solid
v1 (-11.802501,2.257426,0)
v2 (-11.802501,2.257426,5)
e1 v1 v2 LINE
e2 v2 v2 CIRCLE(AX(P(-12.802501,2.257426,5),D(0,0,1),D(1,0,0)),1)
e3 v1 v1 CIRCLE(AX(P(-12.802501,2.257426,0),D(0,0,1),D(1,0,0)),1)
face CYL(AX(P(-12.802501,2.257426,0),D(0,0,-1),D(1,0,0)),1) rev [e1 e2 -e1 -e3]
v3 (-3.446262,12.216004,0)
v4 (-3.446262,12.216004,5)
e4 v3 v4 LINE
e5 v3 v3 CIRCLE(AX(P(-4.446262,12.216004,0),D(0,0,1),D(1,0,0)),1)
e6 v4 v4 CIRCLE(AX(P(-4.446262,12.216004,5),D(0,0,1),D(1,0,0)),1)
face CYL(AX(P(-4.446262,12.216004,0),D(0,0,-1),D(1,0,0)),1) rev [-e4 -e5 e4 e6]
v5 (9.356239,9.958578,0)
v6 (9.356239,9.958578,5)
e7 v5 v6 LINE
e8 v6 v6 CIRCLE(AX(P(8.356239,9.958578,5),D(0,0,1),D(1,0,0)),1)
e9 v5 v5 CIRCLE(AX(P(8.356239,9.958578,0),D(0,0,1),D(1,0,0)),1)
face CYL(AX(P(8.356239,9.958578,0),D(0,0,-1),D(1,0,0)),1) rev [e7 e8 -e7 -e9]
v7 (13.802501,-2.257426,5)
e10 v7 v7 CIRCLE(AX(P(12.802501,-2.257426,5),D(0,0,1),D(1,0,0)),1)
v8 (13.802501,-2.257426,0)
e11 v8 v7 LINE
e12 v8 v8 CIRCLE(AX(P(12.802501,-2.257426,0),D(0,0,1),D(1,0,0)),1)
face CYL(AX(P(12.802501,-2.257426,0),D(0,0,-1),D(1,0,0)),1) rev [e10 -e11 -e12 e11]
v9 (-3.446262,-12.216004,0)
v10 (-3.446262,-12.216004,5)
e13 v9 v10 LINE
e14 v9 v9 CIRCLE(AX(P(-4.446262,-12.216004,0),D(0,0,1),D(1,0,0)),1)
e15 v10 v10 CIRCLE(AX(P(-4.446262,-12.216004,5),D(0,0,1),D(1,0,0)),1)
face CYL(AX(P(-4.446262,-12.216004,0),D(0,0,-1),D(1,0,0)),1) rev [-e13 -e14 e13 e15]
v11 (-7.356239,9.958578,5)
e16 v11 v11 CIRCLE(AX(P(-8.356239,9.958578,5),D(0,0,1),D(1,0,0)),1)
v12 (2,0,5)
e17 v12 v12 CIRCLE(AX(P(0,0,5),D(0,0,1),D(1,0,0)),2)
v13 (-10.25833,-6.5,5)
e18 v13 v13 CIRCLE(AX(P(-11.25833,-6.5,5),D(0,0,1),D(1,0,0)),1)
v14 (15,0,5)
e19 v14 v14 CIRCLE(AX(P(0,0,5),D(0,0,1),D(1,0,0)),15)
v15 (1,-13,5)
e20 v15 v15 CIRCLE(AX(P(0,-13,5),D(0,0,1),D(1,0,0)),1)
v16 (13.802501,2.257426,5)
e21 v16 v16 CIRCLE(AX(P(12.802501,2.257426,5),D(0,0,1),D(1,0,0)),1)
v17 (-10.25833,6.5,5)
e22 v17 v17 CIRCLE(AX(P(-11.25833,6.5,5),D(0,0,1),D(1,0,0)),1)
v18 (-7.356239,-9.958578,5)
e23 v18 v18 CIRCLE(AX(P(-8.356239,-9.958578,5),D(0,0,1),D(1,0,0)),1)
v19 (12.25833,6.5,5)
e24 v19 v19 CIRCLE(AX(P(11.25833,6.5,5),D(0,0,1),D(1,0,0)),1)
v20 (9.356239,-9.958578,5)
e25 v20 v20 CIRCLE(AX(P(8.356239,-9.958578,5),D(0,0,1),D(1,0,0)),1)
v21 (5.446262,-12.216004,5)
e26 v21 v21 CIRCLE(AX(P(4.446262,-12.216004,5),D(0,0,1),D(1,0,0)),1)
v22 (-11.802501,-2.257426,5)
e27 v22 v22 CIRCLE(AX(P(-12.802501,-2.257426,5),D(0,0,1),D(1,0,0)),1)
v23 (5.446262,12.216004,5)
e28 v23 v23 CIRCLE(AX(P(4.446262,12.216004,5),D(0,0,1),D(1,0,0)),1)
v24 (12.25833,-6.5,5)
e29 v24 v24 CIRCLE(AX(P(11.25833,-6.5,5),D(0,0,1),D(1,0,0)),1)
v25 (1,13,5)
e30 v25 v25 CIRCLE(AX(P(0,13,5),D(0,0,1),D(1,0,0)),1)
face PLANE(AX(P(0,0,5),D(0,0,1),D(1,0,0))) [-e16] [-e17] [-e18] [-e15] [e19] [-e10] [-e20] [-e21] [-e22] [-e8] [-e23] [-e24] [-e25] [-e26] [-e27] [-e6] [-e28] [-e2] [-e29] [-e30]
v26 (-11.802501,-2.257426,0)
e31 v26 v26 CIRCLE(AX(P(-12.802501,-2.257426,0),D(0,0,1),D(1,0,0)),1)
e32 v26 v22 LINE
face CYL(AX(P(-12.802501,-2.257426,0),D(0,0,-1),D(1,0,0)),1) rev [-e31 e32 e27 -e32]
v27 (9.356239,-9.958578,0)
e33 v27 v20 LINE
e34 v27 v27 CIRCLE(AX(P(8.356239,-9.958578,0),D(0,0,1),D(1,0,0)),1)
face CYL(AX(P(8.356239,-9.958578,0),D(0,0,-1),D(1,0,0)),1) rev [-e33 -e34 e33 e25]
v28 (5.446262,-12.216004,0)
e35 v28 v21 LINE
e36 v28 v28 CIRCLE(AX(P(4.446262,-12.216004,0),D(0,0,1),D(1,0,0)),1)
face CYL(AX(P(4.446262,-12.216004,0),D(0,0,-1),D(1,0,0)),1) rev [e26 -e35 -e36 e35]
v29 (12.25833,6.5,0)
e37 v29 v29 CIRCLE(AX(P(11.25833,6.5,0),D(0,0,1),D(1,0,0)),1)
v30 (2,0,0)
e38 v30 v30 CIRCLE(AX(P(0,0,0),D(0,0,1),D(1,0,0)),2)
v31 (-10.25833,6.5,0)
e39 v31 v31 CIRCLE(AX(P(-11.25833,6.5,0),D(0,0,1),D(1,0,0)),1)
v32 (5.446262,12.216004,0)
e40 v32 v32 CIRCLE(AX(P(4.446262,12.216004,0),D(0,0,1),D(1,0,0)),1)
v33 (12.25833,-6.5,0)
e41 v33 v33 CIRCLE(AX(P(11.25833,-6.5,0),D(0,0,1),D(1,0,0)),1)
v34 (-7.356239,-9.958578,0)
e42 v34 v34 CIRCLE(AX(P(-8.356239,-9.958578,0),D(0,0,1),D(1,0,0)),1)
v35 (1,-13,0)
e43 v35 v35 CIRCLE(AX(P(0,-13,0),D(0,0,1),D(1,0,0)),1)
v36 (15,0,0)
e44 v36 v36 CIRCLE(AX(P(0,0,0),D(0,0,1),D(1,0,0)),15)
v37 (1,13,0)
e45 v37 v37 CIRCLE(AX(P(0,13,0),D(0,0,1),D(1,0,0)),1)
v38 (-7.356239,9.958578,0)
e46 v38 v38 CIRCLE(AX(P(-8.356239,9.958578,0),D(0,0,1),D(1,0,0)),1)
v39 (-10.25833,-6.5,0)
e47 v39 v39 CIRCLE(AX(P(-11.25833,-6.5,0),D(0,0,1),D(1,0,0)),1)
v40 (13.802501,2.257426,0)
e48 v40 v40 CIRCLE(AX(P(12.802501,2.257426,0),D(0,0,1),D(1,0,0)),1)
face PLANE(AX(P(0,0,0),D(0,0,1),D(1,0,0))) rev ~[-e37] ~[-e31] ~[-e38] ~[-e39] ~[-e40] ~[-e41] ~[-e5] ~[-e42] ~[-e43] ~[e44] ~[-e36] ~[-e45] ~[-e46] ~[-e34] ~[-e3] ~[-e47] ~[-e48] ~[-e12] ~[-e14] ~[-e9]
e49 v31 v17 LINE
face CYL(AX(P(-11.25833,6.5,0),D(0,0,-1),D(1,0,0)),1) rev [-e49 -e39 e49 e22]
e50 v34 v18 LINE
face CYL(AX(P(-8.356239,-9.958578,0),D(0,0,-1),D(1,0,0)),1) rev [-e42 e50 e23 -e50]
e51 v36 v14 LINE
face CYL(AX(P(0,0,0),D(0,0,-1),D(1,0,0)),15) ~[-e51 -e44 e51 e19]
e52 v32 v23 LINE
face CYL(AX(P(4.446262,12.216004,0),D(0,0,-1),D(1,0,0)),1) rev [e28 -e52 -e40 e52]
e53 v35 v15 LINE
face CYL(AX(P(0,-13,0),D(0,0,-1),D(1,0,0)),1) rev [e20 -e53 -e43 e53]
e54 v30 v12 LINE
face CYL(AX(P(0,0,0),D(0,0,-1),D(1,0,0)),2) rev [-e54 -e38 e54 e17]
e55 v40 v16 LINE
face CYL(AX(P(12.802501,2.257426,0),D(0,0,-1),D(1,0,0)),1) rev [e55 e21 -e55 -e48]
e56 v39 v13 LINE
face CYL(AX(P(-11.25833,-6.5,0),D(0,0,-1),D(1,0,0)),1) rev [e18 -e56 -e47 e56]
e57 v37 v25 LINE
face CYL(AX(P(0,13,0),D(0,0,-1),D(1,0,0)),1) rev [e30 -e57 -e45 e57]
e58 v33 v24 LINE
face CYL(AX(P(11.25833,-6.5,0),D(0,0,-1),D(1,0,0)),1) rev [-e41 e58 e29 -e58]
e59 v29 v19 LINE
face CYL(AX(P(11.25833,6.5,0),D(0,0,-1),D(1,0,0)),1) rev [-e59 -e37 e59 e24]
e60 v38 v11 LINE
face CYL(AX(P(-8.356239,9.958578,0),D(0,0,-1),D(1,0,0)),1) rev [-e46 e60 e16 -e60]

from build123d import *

# Parameters (mm, degrees)
F0_R          = 15
F3_DEPTH      = 5
F1_R          = 1
F4_DEPTH      = 5
F4_DEPTH_BACK = 1
F2_R          = 2
F5_DEPTH      = 5


with BuildPart() as f3:
    # F0 (on Top) → F3 (new body)
    with BuildSketch(Plane.XY):
        Circle(F0_R)
    extrude(amount=F3_DEPTH)

    # F1 (on Top) → F4 (cut, two sides)
    with BuildSketch(Plane.XY) as f4_sk:
        with Locations((0, 13)):
            Circle(F1_R)
        with Locations((-4.446262, 12.216004)):
            Circle(F1_R)
        with Locations((-8.356239, 9.958578)):
            Circle(F1_R)
        with Locations((-11.25833, 6.5)):
            Circle(F1_R)
        with Locations((-12.802501, 2.257426)):
            Circle(F1_R)
        with Locations((-12.802501, -2.257426)):
            Circle(F1_R)
        with Locations((-11.25833, -6.5)):
            Circle(F1_R)
        with Locations((-8.356239, -9.958578)):
            Circle(F1_R)
        with Locations((-4.446262, -12.216004)):
            Circle(F1_R)
        with Locations((0, -13)):
            Circle(F1_R)
        with Locations((4.446262, -12.216004)):
            Circle(F1_R)
        with Locations((8.356239, -9.958578)):
            Circle(F1_R)
        with Locations((11.25833, -6.5)):
            Circle(F1_R)
        with Locations((12.802501, -2.257426)):
            Circle(F1_R)
        with Locations((12.802501, 2.257426)):
            Circle(F1_R)
        with Locations((11.25833, 6.5)):
            Circle(F1_R)
        with Locations((8.356239, 9.958578)):
            Circle(F1_R)
        with Locations((4.446262, 12.216004)):
            Circle(F1_R)
    extrude(amount=F4_DEPTH, mode=Mode.SUBTRACT)
    extrude(f4_sk.sketch, amount=-F4_DEPTH_BACK, mode=Mode.SUBTRACT)

    # F2 (on Top) → F5 (cut)
    with BuildSketch(Plane.XY):
        Circle(F2_R)
    extrude(amount=F5_DEPTH, mode=Mode.SUBTRACT)


solid = f3.part
